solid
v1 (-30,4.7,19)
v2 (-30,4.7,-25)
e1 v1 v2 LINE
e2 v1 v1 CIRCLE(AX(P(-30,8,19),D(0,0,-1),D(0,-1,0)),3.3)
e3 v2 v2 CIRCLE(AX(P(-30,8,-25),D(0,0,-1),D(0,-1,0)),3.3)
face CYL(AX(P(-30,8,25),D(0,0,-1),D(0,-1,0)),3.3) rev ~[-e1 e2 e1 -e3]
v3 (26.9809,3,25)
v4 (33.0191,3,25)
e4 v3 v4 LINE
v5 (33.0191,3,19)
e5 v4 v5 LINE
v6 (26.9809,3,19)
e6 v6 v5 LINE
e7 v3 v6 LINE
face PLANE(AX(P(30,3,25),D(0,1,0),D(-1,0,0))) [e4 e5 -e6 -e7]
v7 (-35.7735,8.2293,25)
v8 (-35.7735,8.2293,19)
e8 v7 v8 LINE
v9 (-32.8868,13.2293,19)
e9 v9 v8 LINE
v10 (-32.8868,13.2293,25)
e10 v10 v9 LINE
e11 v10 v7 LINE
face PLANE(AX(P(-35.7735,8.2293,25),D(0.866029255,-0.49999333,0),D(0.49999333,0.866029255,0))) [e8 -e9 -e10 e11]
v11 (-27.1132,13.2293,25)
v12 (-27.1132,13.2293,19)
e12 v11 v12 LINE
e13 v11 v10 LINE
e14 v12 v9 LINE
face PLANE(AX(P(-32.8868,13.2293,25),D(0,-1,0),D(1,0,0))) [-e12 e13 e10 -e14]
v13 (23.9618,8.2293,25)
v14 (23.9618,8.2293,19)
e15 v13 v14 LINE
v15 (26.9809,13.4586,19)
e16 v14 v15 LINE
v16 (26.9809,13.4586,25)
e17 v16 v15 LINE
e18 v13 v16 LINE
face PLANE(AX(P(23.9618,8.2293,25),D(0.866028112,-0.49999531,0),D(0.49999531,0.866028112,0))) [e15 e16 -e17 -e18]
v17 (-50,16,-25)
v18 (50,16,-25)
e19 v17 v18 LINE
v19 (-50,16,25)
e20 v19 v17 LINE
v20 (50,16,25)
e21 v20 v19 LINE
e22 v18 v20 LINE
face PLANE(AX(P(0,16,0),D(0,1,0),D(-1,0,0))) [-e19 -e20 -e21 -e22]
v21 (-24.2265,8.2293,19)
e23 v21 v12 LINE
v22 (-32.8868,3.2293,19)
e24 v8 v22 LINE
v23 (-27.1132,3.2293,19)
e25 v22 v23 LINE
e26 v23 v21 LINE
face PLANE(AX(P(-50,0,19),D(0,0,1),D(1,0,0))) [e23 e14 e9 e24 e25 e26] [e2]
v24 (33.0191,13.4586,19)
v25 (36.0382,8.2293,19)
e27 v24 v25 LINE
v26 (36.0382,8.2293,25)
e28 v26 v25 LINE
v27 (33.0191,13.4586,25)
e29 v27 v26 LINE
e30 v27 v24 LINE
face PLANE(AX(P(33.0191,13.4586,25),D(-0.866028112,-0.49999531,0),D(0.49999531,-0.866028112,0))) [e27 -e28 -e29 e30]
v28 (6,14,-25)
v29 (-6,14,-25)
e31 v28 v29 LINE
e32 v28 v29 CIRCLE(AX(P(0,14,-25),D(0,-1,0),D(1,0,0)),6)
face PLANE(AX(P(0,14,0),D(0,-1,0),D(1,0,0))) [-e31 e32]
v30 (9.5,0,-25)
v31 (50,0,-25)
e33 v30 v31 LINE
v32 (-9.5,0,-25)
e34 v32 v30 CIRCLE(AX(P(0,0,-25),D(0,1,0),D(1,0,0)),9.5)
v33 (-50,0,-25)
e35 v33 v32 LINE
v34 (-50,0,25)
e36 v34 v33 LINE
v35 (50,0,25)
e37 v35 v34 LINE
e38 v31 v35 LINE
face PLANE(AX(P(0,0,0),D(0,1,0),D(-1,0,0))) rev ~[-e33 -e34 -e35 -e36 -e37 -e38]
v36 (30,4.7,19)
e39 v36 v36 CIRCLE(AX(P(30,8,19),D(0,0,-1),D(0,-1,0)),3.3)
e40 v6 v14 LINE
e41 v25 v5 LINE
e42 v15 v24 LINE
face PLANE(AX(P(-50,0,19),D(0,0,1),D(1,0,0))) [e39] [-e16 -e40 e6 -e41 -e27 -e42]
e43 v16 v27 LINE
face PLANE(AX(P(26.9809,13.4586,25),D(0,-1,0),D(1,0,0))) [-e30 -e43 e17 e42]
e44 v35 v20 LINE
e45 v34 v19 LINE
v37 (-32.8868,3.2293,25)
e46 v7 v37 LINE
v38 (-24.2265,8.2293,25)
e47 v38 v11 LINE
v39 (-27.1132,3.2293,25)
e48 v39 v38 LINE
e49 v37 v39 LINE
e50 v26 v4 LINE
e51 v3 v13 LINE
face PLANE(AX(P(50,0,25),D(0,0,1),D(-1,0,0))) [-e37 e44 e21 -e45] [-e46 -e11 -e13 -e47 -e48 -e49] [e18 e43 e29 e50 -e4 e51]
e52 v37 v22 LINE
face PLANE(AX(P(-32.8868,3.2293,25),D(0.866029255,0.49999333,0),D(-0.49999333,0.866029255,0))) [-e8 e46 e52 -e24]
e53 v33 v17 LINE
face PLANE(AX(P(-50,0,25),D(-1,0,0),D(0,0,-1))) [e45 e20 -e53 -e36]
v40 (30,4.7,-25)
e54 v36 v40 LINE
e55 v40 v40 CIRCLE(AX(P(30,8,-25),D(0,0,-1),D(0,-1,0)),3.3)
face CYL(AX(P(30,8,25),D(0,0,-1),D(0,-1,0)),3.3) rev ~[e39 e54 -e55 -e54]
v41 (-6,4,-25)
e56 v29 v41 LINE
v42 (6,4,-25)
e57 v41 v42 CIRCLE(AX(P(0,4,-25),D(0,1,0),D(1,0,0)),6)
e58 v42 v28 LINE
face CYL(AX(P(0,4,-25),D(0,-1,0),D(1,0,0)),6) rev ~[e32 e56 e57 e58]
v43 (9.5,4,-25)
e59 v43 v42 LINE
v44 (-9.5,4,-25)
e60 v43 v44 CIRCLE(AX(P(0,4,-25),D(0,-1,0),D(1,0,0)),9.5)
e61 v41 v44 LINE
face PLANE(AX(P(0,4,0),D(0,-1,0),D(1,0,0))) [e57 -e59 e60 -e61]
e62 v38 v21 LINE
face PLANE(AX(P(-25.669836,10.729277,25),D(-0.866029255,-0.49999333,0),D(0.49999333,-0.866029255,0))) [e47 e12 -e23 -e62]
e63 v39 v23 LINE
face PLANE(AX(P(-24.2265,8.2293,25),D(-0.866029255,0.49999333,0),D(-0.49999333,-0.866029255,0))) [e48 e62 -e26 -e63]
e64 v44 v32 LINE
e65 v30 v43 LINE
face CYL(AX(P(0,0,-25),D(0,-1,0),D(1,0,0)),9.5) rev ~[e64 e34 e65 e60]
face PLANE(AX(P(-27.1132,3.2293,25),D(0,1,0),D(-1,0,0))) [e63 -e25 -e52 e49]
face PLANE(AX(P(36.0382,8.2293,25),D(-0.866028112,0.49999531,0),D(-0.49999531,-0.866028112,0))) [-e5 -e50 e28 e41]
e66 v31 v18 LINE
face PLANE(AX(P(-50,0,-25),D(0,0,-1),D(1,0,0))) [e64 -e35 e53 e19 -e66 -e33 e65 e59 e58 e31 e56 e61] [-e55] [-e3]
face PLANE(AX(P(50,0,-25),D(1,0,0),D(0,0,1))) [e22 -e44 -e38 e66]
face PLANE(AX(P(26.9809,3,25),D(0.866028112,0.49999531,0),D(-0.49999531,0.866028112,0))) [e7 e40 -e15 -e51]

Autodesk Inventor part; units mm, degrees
ref_plane "YZ Plane" through (0, 0, 0) normal (1, 0, 0) x (0, 1, 0)
ref_plane "XZ Plane" through (0, 0, 0) normal (0, 1, 0) x (-1, 0, 0)
ref_plane "XY Plane" through (0, 0, 0) normal (0, 0, 1) x (1, 0, 0)
sketch "Schizzo1" plane through (0, 0, 0) normal (0, 1, 0) x (-1, 0, 0)
  line L0 (50, -25) -> (-50, -25)
  line L1 (-50, -25) -> (-50, 25)
  line L2 (-50, 25) -> (50, 25)
  line L3 (50, 25) -> (50, -25)
  line L4 (50, -25) -> (-50, 25) construction
  line L5 (-50, -25) -> (50, 25) construction
  point P0 (0, 0)
  point P1 (0, 0)
  point P2 (0, 0)
  dimension "d0" = 50
  dimension "d9" = 100
extrude "Estrusione1" add sketch "Schizzo1" along normal blind 16
sketch "Schizzo2" plane through (0, 0, 0) normal (0, -1, 0) x (1, 0, 0)
  circle A0 centre (0, -25) radius 9.5
  line L0 (50, -25) -> (-50, -25) projected
  point P0 (0, 0)
  dimension "d3" = 19
extrude "Estrusione2" cut sketch "Schizzo2" against normal blind 4
sketch "Schizzo3" plane through (0, 4, 0) normal (0, -1, 0) x (1, 0, 0)
  circle A0 centre (0, -25) radius 6
  line L0 (9.5, -25) -> (-9.5, -25) projected
  point P0 (0, 0)
  dimension "d6" = 12
extrude "Estrusione3" cut sketch "Schizzo3" against normal blind 10
sketch "Schizzo4" plane through (-50, 0, 25) normal (0, 0, 1) x (1, 0, 0)
  line L0 (50, 0) -> (50, 8)
  line L1 (50, 0) -> (58, 0) construction
  line L2 (50, 8) -> (20, 8)
  line L3 (50, 8) -> (80, 8)
  line L4 (50, 8) -> (80, 8) construction
  dimension "d10" = 8
  dimension "d11" = 90
  dimension "d12" = 30
  dimension "d13" = 90
  dimension "d14" = 30
  dimension "d15" = 0
hole "Foro1" at (30, 8, 25) at (-30, 8, 25) direction (0, 0, -1) diameter 6.6 end through all clearance for "Bullone a testa esagonale" size "M6" standard "ANSI - Profilo M Metrico"
sketch "Schizzo5" plane through (-50, 0, 25) normal (0, 0, 1) x (1, 0, 0)
  circle A0 centre (80, 8) radius 3.3 projected
  circle A1 centre (80, 8) radius 5
  circle A2 centre (20, 8.2293) radius 5
  line L0 (17.1132, 3.2293) -> (14.2265, 8.2293)
  line L1 (14.2265, 8.2293) -> (17.1132, 13.2293)
  line L2 (17.1132, 13.2293) -> (22.8868, 13.2293)
  line L3 (22.8868, 13.2293) -> (25.7735, 8.2293)
  line L4 (25.7735, 8.2293) -> (22.8868, 3.2293)
  line L5 (22.8868, 3.2293) -> (17.1132, 3.2293)
  line L6 (76.9809, 3) -> (73.9618, 8.2293)
  line L7 (73.9618, 8.2293) -> (76.9809, 13.4586)
  line L8 (76.9809, 13.4586) -> (83.0191, 13.4586)
  line L9 (83.0191, 13.4586) -> (86.0382, 8.2293)
  line L10 (86.0382, 8.2293) -> (83.0191, 3)
  line L11 (83.0191, 3) -> (76.9809, 3)
  point P0 (50, 0)
  point P1 (20, 3.2293)
  point P2 (80, 8.2293)
  point P3 (80, 3)
  dimension "d24" = 10
  dimension "d25" = 10
extrude "Estrusione4" cut sketch "Schizzo5" against normal blind 6 contours A0 | A1 | L11 L6 L7 L8 L9 L10 | A2 | A2 L3 L4 | A2 L2 L3 | L4 L5 A2 | A2 L1 L2 | L5 L0 A2 | A2 L0 L1
properties part number "14_base_avanti"
